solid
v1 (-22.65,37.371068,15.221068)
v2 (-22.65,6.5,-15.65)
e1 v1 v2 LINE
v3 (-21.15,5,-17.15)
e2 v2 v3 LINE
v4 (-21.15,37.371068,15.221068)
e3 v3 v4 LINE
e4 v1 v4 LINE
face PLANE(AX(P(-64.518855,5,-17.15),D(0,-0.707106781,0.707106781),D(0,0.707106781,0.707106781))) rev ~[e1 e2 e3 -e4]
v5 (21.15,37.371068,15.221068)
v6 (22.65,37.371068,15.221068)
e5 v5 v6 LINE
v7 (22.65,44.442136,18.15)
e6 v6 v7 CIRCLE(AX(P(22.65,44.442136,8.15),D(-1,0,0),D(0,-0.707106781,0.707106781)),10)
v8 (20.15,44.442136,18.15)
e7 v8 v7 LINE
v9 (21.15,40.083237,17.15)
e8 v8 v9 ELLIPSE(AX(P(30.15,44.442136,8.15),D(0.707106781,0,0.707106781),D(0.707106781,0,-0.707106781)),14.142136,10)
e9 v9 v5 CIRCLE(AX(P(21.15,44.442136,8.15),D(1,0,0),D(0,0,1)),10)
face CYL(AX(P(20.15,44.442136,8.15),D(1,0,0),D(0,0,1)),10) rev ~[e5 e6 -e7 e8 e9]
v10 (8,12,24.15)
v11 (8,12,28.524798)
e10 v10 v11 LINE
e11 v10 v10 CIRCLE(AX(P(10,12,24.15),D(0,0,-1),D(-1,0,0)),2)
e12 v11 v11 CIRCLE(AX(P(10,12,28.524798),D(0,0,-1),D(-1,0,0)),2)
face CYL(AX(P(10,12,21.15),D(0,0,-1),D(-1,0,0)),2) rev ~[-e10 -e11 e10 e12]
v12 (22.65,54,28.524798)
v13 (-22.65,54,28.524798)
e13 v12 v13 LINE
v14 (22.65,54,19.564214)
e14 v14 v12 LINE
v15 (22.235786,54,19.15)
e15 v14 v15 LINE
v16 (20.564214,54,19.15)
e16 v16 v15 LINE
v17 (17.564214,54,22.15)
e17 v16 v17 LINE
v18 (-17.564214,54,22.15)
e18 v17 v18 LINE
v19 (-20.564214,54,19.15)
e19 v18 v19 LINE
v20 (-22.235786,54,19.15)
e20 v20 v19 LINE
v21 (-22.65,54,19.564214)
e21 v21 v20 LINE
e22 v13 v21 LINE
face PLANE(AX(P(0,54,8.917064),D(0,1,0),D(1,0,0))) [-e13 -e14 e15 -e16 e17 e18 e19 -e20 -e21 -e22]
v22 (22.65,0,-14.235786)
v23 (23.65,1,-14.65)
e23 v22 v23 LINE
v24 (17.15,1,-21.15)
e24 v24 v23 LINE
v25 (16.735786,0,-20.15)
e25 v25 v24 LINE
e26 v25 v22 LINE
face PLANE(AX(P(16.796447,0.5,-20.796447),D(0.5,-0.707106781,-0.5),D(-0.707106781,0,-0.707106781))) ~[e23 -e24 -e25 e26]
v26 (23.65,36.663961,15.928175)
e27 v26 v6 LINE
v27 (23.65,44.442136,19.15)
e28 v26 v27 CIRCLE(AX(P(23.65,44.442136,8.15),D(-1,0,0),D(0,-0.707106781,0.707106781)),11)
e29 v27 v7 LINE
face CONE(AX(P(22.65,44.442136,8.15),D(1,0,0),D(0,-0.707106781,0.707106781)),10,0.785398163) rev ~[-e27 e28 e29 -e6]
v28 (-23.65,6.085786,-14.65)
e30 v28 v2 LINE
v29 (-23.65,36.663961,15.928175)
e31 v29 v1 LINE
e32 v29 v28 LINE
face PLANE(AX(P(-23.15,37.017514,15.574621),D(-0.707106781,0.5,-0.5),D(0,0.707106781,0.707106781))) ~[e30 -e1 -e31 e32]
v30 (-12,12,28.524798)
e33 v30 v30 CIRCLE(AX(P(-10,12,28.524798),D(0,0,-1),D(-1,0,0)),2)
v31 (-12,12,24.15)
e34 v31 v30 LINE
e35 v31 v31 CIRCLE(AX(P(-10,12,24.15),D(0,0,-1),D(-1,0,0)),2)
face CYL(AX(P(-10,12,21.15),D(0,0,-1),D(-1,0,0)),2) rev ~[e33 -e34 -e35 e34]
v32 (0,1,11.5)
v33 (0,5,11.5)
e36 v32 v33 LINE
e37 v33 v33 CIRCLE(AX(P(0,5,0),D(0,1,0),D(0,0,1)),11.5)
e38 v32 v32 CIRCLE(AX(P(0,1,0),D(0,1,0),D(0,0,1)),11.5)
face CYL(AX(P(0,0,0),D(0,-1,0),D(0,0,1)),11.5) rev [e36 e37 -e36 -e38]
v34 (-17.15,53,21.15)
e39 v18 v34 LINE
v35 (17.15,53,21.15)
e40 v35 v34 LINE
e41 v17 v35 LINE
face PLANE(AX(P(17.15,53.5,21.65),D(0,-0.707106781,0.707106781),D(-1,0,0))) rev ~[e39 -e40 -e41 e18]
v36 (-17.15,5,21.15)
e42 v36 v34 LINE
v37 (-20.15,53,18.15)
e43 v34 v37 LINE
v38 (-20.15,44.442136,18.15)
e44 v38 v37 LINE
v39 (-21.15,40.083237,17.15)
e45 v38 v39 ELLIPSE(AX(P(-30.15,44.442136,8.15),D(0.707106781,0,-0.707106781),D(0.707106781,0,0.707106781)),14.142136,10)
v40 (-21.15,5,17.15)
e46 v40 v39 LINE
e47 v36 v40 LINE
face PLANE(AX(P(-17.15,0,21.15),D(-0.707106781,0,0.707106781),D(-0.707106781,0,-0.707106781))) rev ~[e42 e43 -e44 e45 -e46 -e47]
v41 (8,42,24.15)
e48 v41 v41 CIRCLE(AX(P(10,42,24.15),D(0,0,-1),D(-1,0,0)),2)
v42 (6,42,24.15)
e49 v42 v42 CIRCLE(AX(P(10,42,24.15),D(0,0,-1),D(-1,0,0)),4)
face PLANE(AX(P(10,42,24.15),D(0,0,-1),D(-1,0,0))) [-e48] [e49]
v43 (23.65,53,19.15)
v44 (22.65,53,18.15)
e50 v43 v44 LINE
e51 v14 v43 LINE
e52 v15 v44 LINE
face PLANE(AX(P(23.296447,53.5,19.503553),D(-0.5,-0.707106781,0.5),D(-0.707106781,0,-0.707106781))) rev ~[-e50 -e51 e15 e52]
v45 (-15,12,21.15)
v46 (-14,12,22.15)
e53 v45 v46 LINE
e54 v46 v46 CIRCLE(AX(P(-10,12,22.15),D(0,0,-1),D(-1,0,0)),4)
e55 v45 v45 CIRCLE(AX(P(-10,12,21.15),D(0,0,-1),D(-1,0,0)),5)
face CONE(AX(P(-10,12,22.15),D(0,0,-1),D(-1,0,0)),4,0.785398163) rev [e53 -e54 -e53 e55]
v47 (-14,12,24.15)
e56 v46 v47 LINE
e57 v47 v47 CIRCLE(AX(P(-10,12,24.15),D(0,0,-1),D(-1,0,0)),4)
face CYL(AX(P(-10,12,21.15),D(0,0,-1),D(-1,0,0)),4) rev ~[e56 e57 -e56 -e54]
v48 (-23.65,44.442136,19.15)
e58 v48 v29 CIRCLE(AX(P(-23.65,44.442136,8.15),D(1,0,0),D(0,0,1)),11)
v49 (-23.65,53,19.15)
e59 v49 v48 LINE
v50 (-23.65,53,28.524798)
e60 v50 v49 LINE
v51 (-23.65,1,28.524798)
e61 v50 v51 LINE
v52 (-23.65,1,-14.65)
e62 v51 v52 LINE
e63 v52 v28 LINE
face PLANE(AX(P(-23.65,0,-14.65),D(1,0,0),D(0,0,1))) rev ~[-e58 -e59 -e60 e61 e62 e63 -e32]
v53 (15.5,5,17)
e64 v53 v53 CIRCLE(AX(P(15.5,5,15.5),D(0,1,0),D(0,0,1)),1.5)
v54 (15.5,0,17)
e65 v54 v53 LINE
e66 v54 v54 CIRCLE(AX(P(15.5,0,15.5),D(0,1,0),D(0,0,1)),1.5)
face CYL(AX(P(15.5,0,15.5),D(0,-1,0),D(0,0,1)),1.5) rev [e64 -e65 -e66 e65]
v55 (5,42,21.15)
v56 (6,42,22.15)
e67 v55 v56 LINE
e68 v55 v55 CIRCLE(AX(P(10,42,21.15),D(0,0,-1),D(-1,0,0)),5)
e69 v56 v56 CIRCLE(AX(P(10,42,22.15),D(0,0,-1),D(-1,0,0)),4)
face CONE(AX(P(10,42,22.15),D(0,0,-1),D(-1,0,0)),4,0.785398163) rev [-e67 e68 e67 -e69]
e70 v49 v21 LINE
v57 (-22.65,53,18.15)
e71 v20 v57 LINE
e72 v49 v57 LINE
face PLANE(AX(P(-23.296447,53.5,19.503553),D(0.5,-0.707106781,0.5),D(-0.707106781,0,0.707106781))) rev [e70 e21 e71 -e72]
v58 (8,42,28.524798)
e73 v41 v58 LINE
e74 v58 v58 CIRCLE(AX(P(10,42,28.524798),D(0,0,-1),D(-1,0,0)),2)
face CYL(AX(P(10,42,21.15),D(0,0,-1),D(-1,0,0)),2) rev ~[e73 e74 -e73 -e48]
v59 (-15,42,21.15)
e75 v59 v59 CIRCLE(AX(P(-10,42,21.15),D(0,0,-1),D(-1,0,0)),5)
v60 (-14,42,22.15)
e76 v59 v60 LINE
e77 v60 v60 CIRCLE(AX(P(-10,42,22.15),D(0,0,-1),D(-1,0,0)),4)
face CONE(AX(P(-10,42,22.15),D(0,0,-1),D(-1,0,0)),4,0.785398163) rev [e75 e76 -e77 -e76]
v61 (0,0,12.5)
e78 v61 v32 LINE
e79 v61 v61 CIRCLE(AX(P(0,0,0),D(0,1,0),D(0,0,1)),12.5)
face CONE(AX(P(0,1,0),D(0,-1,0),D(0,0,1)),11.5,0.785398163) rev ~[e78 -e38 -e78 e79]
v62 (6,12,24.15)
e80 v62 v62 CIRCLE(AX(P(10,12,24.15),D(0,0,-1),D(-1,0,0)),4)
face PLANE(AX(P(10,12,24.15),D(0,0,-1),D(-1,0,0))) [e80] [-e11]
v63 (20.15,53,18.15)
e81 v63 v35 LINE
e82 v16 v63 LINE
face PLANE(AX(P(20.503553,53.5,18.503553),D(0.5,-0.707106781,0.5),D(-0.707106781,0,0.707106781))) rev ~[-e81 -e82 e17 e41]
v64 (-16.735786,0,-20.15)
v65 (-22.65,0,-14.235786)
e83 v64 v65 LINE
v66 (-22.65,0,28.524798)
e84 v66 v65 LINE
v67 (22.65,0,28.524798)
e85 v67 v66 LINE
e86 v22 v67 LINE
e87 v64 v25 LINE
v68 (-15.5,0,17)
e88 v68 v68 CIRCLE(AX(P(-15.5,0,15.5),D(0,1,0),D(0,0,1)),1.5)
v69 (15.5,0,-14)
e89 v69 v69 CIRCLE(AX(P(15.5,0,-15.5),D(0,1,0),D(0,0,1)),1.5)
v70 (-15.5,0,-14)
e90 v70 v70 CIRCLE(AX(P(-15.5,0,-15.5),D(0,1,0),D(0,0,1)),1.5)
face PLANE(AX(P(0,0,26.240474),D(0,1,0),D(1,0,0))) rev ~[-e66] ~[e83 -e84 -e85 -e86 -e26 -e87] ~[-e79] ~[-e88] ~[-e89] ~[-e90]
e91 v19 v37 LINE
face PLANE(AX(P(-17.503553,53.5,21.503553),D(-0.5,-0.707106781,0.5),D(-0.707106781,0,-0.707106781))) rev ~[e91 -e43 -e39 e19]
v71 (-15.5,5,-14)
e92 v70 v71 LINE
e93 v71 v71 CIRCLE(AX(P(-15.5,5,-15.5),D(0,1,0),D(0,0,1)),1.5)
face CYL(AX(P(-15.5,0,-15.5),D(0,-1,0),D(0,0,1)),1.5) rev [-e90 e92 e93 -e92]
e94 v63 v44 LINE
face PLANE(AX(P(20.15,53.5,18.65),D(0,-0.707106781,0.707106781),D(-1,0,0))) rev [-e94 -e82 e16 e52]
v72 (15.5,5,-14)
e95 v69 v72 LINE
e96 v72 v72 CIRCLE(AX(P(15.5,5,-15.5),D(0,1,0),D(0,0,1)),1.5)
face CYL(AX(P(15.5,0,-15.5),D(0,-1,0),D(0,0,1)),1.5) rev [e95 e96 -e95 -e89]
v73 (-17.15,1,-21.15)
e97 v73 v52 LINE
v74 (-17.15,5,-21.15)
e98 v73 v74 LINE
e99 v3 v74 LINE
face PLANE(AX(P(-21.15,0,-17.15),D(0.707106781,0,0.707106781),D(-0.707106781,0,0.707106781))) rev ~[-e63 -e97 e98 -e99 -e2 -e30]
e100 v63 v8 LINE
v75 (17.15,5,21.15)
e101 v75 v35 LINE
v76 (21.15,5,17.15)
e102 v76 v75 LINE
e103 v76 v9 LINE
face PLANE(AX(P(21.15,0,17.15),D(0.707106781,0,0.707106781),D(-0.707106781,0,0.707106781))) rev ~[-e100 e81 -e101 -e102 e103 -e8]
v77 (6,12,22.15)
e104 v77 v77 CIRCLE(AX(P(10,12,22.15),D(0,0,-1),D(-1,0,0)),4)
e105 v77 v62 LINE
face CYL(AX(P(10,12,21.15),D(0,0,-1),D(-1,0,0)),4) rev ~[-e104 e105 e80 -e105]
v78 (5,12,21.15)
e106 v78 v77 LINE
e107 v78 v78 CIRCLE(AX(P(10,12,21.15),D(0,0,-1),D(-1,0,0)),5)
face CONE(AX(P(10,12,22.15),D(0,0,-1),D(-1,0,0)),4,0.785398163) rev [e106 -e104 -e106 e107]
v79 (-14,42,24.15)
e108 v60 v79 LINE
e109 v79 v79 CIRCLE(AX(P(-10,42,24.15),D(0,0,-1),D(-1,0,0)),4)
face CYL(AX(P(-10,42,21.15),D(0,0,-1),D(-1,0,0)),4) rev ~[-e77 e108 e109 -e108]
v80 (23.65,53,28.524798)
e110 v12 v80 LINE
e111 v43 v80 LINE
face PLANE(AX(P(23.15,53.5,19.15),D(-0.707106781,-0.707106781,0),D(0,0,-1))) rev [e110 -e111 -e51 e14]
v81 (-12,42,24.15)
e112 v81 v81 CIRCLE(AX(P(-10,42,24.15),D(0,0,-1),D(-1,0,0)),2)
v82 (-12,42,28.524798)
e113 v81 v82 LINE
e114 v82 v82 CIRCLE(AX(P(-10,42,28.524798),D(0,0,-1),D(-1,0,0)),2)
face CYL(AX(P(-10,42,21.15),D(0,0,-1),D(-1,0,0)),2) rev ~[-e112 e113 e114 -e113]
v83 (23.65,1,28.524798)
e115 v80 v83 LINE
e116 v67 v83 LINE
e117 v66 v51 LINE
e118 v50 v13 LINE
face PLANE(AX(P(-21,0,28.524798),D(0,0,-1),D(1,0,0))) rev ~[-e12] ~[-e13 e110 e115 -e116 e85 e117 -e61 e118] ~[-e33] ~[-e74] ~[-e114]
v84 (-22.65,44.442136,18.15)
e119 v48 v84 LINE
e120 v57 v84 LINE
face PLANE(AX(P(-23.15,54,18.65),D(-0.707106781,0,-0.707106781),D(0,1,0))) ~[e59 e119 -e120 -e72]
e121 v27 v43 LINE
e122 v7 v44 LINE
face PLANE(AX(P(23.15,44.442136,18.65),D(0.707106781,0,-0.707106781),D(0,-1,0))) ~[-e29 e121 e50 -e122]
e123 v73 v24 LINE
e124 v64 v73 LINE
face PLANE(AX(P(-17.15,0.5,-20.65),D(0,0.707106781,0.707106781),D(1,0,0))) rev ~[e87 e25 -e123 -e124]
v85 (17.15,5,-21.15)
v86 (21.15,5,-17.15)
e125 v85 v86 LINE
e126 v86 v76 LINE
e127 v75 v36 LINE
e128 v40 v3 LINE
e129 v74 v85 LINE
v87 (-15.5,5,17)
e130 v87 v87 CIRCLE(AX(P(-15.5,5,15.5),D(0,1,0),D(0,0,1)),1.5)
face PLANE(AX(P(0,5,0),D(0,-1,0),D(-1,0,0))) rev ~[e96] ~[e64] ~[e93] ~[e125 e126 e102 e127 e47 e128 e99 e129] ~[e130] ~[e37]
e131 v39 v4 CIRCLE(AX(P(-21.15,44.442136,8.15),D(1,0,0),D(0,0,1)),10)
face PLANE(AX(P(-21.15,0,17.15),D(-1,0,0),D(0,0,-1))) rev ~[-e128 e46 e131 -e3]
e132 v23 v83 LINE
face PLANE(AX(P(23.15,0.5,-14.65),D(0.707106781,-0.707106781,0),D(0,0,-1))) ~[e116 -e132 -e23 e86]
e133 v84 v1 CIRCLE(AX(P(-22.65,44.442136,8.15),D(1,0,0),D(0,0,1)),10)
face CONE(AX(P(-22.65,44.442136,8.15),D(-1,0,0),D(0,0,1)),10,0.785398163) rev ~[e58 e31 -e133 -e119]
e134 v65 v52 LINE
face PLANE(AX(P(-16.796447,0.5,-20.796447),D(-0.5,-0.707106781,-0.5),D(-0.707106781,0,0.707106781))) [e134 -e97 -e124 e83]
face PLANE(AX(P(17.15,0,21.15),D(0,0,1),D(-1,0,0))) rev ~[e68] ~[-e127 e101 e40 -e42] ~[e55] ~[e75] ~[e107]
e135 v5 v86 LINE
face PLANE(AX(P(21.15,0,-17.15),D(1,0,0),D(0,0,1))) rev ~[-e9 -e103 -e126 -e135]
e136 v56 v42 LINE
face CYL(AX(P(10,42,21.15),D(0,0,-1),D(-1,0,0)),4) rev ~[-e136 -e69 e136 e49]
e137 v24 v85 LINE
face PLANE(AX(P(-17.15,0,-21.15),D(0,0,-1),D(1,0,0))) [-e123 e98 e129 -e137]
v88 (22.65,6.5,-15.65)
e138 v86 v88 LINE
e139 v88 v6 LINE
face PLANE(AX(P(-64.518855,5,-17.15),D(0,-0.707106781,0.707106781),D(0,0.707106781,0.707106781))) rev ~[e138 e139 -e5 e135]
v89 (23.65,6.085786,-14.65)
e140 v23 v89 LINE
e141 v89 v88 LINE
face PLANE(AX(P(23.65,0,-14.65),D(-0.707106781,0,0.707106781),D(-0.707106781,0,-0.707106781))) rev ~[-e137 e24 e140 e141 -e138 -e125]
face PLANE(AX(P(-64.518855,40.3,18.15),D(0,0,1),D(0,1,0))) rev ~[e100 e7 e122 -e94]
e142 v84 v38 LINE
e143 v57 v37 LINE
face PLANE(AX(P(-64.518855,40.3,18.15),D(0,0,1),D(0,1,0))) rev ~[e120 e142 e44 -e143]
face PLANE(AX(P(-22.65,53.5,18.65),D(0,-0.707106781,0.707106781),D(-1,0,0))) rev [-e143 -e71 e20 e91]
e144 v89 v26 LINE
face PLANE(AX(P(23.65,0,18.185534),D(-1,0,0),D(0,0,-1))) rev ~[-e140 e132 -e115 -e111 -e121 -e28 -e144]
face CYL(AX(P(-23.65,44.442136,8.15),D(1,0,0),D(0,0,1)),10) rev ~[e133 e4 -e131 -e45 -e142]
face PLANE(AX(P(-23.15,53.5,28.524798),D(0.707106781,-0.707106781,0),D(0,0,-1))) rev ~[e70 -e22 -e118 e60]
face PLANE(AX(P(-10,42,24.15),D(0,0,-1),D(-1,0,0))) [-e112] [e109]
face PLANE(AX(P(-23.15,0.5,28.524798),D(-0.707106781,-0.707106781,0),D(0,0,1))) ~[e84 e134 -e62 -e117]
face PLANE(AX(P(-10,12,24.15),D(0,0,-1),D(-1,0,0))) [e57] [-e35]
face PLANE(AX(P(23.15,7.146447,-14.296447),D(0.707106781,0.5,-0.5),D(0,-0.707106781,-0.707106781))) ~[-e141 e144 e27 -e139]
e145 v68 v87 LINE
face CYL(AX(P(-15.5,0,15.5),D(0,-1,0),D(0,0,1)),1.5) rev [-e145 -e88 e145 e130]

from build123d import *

# Parameters (mm, degrees)
SKETCH1_R               = 1.5
SKETCH1_R_2             = 11.5
BOSS_EXTRUDE1_DEPTH     = 5
BOSS_EXTRUDE2_DEPTH     = 54
CUT_EXTRUDE1_DEPTH      = 64.518855468
CUT_EXTRUDE1_DEPTH_BACK = 64.518855468
FILLET1_R               = 10
BOSS_EXTRUDE3_DEPTH     = 51
CHAMFER2_SIZE           = 1
BOSS_EXTRUDE4_DEPTH     = 54
CHAMFER3_SIZE           = 1
CHAMFER4_SIZE           = 1
CHAMFER5_SIZE           = 1
SKETCH11_R              = 4
CUT_EXTRUDE2_DEPTH      = 3
SKETCH12_R              = 2
CUT_EXTRUDE3_DEPTH      = 73.557649493
CHAMFER6_SIZE           = 1


with BuildPart() as part:
    # Sketch1 → Boss-Extrude1 (new body)
    with BuildSketch(Plane(origin=(0, 0, 0), x_dir=(1, 0, 0), z_dir=(0, 1, 0))):
        Polygon((-21.15, 17.15), (-17.15, 21.15), (17.15, 21.15), (21.15, 17.15), (21.15, -17.15), (17.15, -21.15), (-17.15, -21.15), (-21.15, -17.15), align=None)
        with Locations(Location((-15.5, 15.5, 0), (0, 0, 270))):
            Circle(SKETCH1_R, mode=Mode.SUBTRACT)
        with Locations(Location((15.5, 15.5, 0), (0, 0, 270))):
            Circle(SKETCH1_R, mode=Mode.SUBTRACT)
        with Locations(Location((15.5, -15.5, 0), (0, 0, 270))):
            Circle(SKETCH1_R, mode=Mode.SUBTRACT)
        with Locations(Location((-15.5, -15.5, 0), (0, 0, 270))):
            Circle(SKETCH1_R, mode=Mode.SUBTRACT)
        with Locations(Location((0, 0, 0), (0, 0, 270))):
            Circle(SKETCH1_R_2, mode=Mode.SUBTRACT)
    extrude(amount=BOSS_EXTRUDE1_DEPTH)

    # Sketch5 → Boss-Extrude2 (add)
    with BuildSketch(Plane(origin=(0, 0, 0), x_dir=(1, 0, 0), z_dir=(0, 1, 0))):
        Polygon((-23.65, 14.65), (-23.65, -18.185533906), (-18.185533906, -23.65), (18.185533906, -23.65), (23.65, -18.185533906), (23.65, 14.65), (21.15, 17.15), (21.15, -17.15), (17.15, -21.15), (-17.15, -21.15), (-21.15, -17.15), (-21.15, 17.15), align=None)
    extrude(amount=BOSS_EXTRUDE2_DEPTH)

    # Sketch6 → Cut-Extrude1 (cut, two sides: drawn at the far end of the back side and taken through both)
    with BuildSketch(Plane(origin=(0, 0, 0), x_dir=(0, 0, -1), z_dir=(1, 0, 0)).offset(-CUT_EXTRUDE1_DEPTH_BACK)):
        Polygon((17.15, 5), (-18.15, 40.3), (-18.15, 54), (17.15, 54), align=None)
    extrude(amount=CUT_EXTRUDE1_DEPTH + CUT_EXTRUDE1_DEPTH_BACK, mode=Mode.SUBTRACT)

    # Fillet1
    fillet1_edges = [part.edges().sort_by_distance(p)[0] for p in [
        (-21.9, 40.3, 18.15),
        (21.9, 40.3, 18.15),
    ]]
    fillet(fillet1_edges, radius=FILLET1_R)

    # Sketch9 → Boss-Extrude3 (add)
    with BuildSketch(Plane(origin=(0, 0, 0), x_dir=(1, 0, 0), z_dir=(0, 1, 0))):
        Polygon((-18.185533906, -23.65), (-21, -28.524798271), (21, -28.524798271), (18.185533906, -23.65), align=None)
    extrude(amount=BOSS_EXTRUDE3_DEPTH)

    # Chamfer2
    chamfer2_edges = [part.edges().sort_by_distance(p)[0] for p in [
        (0, 0, -11.5),
    ]]
    chamfer(chamfer2_edges, length=CHAMFER2_SIZE)

    # Sketch10 → Boss-Extrude4 (add)
    with BuildSketch(Plane(origin=(0, 54, 0), x_dir=(1, 0, 0), z_dir=(0, 1, 0))):
        Polygon((-23.65, -18.15), (-20.15, -18.15), (-17.15, -21.15), (17.15, -21.15), (20.15, -18.15), (23.65, -18.15), (23.65, -28.524798271), (-23.65, -28.524798271), align=None)
    extrude(amount=-BOSS_EXTRUDE4_DEPTH)

    # Chamfer3
    chamfer3_edges = [part.edges().sort_by_distance(p)[0] for p in [
        (-23.65, 0, 6.937399136),
        (23.65, 0, 6.937399136),
        (-20.4, 0, -17.9),
        (0, 0, -21.15),
        (20.4, 0, -17.9),
    ]]
    chamfer(chamfer3_edges, length=CHAMFER3_SIZE)

    # Chamfer4
    chamfer4_edges = [part.edges().sort_by_distance(p)[0] for p in [
        (-23.65, 22.435533906, 0.285533906),
        (23.65, 22.435533906, 0.285533906),
        (-23.65, 40.6153013, 17.388795325),
        (23.65, 40.6153013, 17.388795325),
        (-23.65, 49.221067812, 18.15),
        (23.65, 49.221067812, 18.15),
    ]]
    chamfer(chamfer4_edges, length=CHAMFER4_SIZE)

    # Chamfer5
    chamfer5_edges = [part.edges().sort_by_distance(p)[0] for p in [
        (-23.65, 54, 23.837399136),
        (-21.4, 54, 18.15),
        (23.15, 54, 18.65),
        (-23.15, 54, 18.65),
        (23.65, 54, 23.837399136),
        (0, 54, 21.15),
        (-18.65, 54, 19.65),
        (18.65, 54, 19.65),
        (21.4, 54, 18.15),
    ]]
    chamfer(chamfer5_edges, length=CHAMFER5_SIZE)

    # Sketch11 → Cut-Extrude2 (cut)
    with BuildSketch(Plane(origin=(0, 0, 21.15), x_dir=(-1, 0, 0), z_dir=(0, 0, -1))):
        with Locations((-10, 42)):
            Circle(SKETCH11_R)
        with Locations((10, 42)):
            Circle(SKETCH11_R)
        with Locations((-10, 12)):
            Circle(SKETCH11_R)
        with Locations((10, 12)):
            Circle(SKETCH11_R)
    extrude(amount=-CUT_EXTRUDE2_DEPTH, mode=Mode.SUBTRACT)

    # Sketch12 → Cut-Extrude3 (cut, through all)
    with BuildSketch(Plane(origin=(0, 0, 21.15), x_dir=(-1, 0, 0), z_dir=(0, 0, -1))):
        with Locations((-10, 42)):
            Circle(SKETCH12_R)
        with Locations((10, 42)):
            Circle(SKETCH12_R)
        with Locations((-10, 12)):
            Circle(SKETCH12_R)
        with Locations((10, 12)):
            Circle(SKETCH12_R)
    extrude(amount=-CUT_EXTRUDE3_DEPTH, mode=Mode.SUBTRACT)

    # Chamfer6
    chamfer6_edges = [part.edges().sort_by_distance(p)[0] for p in [
        (-6, 42, 21.15),
        (14, 12, 21.15),
        (-6, 12, 21.15),
        (14, 42, 21.15),
    ]]
    chamfer(chamfer6_edges, length=CHAMFER6_SIZE)


solid = part.part
